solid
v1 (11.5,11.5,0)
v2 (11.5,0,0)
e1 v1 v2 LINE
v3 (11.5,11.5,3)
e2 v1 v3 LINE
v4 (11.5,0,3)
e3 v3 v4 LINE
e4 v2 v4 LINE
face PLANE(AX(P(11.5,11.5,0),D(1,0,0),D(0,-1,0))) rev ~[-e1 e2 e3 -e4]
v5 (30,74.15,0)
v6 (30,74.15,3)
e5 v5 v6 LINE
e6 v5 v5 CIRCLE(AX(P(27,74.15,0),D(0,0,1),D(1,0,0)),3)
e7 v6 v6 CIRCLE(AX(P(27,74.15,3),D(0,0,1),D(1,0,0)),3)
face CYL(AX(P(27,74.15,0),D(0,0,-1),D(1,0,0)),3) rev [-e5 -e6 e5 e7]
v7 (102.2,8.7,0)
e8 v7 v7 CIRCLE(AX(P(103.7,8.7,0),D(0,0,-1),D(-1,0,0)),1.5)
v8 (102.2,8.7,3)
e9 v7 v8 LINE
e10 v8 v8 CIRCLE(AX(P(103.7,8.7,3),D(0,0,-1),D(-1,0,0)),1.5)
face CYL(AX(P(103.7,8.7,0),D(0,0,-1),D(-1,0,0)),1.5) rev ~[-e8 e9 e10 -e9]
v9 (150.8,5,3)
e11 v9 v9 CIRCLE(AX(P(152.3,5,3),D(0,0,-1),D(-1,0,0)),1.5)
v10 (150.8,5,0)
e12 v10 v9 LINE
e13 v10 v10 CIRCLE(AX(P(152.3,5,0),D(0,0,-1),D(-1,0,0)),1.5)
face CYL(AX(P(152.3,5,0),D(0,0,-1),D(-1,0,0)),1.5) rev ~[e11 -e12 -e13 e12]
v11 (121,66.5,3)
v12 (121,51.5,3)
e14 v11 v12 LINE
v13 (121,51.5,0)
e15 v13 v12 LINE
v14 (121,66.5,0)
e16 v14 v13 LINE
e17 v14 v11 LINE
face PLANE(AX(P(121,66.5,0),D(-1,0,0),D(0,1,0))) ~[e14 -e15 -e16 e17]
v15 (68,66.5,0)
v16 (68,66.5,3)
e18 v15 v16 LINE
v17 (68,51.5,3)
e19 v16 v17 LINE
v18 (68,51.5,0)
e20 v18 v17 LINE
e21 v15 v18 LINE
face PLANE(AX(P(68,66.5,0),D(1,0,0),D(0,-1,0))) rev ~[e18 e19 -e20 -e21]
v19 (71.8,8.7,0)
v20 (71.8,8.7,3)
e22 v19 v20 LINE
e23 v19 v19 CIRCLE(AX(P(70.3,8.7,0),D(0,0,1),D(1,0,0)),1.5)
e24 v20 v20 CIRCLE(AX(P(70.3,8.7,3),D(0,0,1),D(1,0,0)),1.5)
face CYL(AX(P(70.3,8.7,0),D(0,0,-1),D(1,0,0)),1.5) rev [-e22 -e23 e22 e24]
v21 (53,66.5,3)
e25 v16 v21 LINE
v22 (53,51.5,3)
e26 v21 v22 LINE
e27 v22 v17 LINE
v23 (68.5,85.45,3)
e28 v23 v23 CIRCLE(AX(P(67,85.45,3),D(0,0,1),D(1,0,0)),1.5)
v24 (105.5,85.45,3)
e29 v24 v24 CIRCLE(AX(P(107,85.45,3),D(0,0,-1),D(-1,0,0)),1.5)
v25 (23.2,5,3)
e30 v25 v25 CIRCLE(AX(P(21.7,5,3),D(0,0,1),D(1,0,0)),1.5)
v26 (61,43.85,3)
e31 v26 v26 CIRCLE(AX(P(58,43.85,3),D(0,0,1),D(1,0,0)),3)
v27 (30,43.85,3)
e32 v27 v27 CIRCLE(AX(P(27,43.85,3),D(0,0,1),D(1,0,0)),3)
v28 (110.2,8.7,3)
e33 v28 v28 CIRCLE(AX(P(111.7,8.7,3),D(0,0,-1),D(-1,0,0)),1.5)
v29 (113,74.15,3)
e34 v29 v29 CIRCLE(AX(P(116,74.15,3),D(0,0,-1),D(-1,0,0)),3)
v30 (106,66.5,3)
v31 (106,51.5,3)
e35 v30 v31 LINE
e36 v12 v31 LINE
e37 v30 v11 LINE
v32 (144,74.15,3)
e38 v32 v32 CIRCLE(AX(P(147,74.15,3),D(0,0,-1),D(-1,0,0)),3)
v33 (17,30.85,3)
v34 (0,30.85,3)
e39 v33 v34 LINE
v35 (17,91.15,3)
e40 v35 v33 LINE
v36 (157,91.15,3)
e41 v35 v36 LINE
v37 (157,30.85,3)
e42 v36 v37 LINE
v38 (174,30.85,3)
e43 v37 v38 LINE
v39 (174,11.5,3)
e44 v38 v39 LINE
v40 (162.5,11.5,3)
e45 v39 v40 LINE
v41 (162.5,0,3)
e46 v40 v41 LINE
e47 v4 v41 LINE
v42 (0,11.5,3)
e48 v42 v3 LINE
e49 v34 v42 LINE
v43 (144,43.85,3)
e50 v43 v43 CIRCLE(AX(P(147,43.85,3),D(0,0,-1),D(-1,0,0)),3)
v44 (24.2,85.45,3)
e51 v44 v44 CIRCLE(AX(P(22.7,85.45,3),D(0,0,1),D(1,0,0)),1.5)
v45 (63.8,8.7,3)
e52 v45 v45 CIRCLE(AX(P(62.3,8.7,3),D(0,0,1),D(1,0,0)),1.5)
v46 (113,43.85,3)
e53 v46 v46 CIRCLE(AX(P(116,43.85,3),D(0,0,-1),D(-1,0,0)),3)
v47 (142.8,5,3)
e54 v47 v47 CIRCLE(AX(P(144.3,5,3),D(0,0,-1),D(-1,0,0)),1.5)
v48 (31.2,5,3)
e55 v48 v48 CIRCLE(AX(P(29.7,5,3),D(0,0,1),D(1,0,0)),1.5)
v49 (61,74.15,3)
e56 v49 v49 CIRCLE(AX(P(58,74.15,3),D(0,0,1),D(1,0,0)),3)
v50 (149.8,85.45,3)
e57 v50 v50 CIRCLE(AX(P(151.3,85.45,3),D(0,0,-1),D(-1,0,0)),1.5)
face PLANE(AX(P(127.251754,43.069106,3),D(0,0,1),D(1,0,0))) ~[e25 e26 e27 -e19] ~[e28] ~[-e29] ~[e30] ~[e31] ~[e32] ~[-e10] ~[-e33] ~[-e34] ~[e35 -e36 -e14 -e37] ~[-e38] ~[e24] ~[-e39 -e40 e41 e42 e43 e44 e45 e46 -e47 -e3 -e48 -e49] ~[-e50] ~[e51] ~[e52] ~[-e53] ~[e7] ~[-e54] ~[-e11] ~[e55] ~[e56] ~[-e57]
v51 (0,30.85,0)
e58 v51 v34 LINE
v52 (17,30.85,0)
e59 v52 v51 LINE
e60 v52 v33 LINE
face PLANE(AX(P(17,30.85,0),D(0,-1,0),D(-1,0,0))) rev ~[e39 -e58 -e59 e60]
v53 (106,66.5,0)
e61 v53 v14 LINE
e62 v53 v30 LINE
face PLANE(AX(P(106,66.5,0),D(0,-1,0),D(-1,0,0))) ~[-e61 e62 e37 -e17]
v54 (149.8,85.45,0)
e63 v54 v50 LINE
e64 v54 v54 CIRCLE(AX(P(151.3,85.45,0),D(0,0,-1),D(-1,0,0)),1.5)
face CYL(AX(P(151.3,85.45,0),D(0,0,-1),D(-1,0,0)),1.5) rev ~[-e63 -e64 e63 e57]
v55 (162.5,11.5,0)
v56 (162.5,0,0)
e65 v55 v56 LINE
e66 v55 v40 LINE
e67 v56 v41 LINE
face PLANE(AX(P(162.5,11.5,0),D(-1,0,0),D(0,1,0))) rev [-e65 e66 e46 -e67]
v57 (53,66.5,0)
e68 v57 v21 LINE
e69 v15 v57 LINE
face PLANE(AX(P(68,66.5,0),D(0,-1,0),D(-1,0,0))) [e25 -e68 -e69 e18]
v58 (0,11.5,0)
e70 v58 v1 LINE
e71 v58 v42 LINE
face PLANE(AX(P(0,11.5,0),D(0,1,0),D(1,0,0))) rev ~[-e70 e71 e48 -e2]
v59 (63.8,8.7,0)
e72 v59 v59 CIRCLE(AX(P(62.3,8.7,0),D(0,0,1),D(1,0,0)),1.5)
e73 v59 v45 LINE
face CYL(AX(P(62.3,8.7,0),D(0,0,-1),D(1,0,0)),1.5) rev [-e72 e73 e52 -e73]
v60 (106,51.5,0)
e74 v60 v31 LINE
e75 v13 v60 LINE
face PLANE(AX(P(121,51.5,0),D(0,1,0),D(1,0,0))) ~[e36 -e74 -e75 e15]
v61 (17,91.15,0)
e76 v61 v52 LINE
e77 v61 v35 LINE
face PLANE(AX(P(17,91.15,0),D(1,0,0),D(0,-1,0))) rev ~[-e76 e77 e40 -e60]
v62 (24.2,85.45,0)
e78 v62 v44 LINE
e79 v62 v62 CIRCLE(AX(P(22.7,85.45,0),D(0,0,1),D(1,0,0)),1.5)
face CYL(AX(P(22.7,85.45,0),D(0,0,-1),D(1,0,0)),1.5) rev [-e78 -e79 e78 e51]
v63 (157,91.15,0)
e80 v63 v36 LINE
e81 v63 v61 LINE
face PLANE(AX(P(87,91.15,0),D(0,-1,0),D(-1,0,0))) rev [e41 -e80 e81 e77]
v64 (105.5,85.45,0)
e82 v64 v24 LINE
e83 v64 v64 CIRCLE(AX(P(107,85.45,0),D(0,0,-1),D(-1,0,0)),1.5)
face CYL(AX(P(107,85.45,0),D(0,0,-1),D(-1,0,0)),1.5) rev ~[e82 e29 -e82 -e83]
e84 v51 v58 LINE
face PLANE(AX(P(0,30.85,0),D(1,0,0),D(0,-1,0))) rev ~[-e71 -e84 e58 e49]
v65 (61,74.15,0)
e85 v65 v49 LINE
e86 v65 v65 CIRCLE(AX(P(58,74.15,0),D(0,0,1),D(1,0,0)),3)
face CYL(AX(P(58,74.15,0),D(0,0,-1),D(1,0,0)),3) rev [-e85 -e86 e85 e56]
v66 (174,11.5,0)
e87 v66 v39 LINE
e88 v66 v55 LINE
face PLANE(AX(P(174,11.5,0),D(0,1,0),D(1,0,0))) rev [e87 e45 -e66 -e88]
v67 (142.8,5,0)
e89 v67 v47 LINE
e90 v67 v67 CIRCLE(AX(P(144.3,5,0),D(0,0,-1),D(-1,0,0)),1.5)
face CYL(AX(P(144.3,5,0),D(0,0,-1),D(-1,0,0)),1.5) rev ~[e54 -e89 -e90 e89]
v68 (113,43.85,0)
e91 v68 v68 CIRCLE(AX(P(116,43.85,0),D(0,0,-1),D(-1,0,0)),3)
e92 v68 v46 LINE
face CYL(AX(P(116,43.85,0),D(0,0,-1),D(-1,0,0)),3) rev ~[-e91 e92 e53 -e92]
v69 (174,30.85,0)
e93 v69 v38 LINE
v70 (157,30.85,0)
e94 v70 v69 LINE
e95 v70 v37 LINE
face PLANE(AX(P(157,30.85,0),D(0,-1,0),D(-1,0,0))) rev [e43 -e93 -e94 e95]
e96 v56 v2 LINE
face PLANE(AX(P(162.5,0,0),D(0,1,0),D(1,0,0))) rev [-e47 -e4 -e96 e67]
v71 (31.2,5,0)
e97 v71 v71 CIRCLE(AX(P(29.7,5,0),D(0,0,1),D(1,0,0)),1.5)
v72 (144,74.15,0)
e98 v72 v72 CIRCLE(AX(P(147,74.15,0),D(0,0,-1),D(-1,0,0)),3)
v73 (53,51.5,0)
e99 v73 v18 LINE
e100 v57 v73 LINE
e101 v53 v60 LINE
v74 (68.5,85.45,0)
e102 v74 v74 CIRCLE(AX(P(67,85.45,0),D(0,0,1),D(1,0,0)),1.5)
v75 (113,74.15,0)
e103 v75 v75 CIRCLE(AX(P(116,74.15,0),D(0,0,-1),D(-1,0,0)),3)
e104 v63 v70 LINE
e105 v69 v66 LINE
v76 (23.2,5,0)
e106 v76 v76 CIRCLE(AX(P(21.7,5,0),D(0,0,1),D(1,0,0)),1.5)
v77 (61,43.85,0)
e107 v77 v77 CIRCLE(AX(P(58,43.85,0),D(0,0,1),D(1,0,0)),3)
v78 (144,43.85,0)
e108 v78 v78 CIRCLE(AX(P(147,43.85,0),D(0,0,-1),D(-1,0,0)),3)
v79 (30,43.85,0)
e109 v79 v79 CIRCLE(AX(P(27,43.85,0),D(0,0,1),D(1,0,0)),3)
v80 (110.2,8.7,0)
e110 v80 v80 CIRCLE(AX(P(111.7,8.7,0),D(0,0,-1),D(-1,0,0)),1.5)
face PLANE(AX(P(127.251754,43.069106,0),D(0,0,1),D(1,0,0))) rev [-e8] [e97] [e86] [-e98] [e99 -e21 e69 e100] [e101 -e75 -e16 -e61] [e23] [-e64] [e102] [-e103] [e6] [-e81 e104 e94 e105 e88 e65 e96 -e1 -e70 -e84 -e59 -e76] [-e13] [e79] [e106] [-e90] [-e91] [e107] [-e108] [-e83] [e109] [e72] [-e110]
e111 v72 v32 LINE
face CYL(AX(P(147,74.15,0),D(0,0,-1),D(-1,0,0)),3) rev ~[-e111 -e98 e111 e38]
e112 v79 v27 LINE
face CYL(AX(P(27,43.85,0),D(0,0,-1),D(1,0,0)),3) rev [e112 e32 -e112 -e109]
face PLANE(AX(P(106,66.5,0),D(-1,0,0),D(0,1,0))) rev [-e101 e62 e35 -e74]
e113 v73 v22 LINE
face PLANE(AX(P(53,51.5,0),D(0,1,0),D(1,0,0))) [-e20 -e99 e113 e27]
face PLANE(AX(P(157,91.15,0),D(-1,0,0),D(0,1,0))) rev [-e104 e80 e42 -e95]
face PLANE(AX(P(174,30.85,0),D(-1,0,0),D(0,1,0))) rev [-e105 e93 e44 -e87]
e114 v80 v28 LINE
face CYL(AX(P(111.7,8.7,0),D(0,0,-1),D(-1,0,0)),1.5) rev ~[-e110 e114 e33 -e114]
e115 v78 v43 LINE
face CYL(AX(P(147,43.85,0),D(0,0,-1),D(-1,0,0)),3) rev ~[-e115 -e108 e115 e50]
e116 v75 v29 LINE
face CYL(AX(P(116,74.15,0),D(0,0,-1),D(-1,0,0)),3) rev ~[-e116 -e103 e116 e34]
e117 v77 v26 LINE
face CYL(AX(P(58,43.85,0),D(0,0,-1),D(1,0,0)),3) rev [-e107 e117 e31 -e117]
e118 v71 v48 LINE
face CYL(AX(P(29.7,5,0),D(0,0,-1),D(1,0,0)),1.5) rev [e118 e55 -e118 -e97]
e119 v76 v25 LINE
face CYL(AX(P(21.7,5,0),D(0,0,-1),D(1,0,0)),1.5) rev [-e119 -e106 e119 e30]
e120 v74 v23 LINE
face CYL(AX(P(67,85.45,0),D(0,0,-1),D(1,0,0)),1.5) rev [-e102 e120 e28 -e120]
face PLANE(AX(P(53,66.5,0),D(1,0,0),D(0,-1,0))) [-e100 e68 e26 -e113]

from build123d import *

# Parameters (mm, degrees)
SKETCH_R   = 3
SKETCH_R_2 = 1.5
PAD_DEPTH  = 3


with BuildPart() as part:
    # Sketch → Pad (new body)
    with BuildSketch(Plane.XY):
        Polygon((87, 0), (87, 91.15), (17, 91.15), (17, 30.85), (0, 30.85), (0, 11.5), (11.5, 11.5), (11.5, 0), align=None)
        with Locations((27, 74.15)):
            Circle(SKETCH_R, mode=Mode.SUBTRACT)
        with Locations((58, 74.15)):
            Circle(SKETCH_R, mode=Mode.SUBTRACT)
        with Locations((58, 43.85)):
            Circle(SKETCH_R, mode=Mode.SUBTRACT)
        with Locations((27, 43.85)):
            Circle(SKETCH_R, mode=Mode.SUBTRACT)
        with Locations((21.7, 5)):
            Circle(SKETCH_R_2, mode=Mode.SUBTRACT)
        with Locations((29.7, 5)):
            Circle(SKETCH_R_2, mode=Mode.SUBTRACT)
        with Locations((70.3, 8.7)):
            Circle(SKETCH_R_2, mode=Mode.SUBTRACT)
        with Locations((62.3, 8.7)):
            Circle(SKETCH_R_2, mode=Mode.SUBTRACT)
        with Locations((22.7, 85.45)):
            Circle(SKETCH_R_2, mode=Mode.SUBTRACT)
        with Locations((67, 85.45)):
            Circle(SKETCH_R_2, mode=Mode.SUBTRACT)
        Polygon((68, 59), (68, 66.5), (53, 66.5), (53, 51.5), (68, 51.5), align=None, mode=Mode.SUBTRACT)
    pad = extrude(amount=PAD_DEPTH)

    # Mirrored: Pad across face of Pad
    add(pad.mirror(Plane(origin=(87, 45.575, 1.5), x_dir=(0, 1, 0), z_dir=(1, 0, 0))))


solid = part.part
